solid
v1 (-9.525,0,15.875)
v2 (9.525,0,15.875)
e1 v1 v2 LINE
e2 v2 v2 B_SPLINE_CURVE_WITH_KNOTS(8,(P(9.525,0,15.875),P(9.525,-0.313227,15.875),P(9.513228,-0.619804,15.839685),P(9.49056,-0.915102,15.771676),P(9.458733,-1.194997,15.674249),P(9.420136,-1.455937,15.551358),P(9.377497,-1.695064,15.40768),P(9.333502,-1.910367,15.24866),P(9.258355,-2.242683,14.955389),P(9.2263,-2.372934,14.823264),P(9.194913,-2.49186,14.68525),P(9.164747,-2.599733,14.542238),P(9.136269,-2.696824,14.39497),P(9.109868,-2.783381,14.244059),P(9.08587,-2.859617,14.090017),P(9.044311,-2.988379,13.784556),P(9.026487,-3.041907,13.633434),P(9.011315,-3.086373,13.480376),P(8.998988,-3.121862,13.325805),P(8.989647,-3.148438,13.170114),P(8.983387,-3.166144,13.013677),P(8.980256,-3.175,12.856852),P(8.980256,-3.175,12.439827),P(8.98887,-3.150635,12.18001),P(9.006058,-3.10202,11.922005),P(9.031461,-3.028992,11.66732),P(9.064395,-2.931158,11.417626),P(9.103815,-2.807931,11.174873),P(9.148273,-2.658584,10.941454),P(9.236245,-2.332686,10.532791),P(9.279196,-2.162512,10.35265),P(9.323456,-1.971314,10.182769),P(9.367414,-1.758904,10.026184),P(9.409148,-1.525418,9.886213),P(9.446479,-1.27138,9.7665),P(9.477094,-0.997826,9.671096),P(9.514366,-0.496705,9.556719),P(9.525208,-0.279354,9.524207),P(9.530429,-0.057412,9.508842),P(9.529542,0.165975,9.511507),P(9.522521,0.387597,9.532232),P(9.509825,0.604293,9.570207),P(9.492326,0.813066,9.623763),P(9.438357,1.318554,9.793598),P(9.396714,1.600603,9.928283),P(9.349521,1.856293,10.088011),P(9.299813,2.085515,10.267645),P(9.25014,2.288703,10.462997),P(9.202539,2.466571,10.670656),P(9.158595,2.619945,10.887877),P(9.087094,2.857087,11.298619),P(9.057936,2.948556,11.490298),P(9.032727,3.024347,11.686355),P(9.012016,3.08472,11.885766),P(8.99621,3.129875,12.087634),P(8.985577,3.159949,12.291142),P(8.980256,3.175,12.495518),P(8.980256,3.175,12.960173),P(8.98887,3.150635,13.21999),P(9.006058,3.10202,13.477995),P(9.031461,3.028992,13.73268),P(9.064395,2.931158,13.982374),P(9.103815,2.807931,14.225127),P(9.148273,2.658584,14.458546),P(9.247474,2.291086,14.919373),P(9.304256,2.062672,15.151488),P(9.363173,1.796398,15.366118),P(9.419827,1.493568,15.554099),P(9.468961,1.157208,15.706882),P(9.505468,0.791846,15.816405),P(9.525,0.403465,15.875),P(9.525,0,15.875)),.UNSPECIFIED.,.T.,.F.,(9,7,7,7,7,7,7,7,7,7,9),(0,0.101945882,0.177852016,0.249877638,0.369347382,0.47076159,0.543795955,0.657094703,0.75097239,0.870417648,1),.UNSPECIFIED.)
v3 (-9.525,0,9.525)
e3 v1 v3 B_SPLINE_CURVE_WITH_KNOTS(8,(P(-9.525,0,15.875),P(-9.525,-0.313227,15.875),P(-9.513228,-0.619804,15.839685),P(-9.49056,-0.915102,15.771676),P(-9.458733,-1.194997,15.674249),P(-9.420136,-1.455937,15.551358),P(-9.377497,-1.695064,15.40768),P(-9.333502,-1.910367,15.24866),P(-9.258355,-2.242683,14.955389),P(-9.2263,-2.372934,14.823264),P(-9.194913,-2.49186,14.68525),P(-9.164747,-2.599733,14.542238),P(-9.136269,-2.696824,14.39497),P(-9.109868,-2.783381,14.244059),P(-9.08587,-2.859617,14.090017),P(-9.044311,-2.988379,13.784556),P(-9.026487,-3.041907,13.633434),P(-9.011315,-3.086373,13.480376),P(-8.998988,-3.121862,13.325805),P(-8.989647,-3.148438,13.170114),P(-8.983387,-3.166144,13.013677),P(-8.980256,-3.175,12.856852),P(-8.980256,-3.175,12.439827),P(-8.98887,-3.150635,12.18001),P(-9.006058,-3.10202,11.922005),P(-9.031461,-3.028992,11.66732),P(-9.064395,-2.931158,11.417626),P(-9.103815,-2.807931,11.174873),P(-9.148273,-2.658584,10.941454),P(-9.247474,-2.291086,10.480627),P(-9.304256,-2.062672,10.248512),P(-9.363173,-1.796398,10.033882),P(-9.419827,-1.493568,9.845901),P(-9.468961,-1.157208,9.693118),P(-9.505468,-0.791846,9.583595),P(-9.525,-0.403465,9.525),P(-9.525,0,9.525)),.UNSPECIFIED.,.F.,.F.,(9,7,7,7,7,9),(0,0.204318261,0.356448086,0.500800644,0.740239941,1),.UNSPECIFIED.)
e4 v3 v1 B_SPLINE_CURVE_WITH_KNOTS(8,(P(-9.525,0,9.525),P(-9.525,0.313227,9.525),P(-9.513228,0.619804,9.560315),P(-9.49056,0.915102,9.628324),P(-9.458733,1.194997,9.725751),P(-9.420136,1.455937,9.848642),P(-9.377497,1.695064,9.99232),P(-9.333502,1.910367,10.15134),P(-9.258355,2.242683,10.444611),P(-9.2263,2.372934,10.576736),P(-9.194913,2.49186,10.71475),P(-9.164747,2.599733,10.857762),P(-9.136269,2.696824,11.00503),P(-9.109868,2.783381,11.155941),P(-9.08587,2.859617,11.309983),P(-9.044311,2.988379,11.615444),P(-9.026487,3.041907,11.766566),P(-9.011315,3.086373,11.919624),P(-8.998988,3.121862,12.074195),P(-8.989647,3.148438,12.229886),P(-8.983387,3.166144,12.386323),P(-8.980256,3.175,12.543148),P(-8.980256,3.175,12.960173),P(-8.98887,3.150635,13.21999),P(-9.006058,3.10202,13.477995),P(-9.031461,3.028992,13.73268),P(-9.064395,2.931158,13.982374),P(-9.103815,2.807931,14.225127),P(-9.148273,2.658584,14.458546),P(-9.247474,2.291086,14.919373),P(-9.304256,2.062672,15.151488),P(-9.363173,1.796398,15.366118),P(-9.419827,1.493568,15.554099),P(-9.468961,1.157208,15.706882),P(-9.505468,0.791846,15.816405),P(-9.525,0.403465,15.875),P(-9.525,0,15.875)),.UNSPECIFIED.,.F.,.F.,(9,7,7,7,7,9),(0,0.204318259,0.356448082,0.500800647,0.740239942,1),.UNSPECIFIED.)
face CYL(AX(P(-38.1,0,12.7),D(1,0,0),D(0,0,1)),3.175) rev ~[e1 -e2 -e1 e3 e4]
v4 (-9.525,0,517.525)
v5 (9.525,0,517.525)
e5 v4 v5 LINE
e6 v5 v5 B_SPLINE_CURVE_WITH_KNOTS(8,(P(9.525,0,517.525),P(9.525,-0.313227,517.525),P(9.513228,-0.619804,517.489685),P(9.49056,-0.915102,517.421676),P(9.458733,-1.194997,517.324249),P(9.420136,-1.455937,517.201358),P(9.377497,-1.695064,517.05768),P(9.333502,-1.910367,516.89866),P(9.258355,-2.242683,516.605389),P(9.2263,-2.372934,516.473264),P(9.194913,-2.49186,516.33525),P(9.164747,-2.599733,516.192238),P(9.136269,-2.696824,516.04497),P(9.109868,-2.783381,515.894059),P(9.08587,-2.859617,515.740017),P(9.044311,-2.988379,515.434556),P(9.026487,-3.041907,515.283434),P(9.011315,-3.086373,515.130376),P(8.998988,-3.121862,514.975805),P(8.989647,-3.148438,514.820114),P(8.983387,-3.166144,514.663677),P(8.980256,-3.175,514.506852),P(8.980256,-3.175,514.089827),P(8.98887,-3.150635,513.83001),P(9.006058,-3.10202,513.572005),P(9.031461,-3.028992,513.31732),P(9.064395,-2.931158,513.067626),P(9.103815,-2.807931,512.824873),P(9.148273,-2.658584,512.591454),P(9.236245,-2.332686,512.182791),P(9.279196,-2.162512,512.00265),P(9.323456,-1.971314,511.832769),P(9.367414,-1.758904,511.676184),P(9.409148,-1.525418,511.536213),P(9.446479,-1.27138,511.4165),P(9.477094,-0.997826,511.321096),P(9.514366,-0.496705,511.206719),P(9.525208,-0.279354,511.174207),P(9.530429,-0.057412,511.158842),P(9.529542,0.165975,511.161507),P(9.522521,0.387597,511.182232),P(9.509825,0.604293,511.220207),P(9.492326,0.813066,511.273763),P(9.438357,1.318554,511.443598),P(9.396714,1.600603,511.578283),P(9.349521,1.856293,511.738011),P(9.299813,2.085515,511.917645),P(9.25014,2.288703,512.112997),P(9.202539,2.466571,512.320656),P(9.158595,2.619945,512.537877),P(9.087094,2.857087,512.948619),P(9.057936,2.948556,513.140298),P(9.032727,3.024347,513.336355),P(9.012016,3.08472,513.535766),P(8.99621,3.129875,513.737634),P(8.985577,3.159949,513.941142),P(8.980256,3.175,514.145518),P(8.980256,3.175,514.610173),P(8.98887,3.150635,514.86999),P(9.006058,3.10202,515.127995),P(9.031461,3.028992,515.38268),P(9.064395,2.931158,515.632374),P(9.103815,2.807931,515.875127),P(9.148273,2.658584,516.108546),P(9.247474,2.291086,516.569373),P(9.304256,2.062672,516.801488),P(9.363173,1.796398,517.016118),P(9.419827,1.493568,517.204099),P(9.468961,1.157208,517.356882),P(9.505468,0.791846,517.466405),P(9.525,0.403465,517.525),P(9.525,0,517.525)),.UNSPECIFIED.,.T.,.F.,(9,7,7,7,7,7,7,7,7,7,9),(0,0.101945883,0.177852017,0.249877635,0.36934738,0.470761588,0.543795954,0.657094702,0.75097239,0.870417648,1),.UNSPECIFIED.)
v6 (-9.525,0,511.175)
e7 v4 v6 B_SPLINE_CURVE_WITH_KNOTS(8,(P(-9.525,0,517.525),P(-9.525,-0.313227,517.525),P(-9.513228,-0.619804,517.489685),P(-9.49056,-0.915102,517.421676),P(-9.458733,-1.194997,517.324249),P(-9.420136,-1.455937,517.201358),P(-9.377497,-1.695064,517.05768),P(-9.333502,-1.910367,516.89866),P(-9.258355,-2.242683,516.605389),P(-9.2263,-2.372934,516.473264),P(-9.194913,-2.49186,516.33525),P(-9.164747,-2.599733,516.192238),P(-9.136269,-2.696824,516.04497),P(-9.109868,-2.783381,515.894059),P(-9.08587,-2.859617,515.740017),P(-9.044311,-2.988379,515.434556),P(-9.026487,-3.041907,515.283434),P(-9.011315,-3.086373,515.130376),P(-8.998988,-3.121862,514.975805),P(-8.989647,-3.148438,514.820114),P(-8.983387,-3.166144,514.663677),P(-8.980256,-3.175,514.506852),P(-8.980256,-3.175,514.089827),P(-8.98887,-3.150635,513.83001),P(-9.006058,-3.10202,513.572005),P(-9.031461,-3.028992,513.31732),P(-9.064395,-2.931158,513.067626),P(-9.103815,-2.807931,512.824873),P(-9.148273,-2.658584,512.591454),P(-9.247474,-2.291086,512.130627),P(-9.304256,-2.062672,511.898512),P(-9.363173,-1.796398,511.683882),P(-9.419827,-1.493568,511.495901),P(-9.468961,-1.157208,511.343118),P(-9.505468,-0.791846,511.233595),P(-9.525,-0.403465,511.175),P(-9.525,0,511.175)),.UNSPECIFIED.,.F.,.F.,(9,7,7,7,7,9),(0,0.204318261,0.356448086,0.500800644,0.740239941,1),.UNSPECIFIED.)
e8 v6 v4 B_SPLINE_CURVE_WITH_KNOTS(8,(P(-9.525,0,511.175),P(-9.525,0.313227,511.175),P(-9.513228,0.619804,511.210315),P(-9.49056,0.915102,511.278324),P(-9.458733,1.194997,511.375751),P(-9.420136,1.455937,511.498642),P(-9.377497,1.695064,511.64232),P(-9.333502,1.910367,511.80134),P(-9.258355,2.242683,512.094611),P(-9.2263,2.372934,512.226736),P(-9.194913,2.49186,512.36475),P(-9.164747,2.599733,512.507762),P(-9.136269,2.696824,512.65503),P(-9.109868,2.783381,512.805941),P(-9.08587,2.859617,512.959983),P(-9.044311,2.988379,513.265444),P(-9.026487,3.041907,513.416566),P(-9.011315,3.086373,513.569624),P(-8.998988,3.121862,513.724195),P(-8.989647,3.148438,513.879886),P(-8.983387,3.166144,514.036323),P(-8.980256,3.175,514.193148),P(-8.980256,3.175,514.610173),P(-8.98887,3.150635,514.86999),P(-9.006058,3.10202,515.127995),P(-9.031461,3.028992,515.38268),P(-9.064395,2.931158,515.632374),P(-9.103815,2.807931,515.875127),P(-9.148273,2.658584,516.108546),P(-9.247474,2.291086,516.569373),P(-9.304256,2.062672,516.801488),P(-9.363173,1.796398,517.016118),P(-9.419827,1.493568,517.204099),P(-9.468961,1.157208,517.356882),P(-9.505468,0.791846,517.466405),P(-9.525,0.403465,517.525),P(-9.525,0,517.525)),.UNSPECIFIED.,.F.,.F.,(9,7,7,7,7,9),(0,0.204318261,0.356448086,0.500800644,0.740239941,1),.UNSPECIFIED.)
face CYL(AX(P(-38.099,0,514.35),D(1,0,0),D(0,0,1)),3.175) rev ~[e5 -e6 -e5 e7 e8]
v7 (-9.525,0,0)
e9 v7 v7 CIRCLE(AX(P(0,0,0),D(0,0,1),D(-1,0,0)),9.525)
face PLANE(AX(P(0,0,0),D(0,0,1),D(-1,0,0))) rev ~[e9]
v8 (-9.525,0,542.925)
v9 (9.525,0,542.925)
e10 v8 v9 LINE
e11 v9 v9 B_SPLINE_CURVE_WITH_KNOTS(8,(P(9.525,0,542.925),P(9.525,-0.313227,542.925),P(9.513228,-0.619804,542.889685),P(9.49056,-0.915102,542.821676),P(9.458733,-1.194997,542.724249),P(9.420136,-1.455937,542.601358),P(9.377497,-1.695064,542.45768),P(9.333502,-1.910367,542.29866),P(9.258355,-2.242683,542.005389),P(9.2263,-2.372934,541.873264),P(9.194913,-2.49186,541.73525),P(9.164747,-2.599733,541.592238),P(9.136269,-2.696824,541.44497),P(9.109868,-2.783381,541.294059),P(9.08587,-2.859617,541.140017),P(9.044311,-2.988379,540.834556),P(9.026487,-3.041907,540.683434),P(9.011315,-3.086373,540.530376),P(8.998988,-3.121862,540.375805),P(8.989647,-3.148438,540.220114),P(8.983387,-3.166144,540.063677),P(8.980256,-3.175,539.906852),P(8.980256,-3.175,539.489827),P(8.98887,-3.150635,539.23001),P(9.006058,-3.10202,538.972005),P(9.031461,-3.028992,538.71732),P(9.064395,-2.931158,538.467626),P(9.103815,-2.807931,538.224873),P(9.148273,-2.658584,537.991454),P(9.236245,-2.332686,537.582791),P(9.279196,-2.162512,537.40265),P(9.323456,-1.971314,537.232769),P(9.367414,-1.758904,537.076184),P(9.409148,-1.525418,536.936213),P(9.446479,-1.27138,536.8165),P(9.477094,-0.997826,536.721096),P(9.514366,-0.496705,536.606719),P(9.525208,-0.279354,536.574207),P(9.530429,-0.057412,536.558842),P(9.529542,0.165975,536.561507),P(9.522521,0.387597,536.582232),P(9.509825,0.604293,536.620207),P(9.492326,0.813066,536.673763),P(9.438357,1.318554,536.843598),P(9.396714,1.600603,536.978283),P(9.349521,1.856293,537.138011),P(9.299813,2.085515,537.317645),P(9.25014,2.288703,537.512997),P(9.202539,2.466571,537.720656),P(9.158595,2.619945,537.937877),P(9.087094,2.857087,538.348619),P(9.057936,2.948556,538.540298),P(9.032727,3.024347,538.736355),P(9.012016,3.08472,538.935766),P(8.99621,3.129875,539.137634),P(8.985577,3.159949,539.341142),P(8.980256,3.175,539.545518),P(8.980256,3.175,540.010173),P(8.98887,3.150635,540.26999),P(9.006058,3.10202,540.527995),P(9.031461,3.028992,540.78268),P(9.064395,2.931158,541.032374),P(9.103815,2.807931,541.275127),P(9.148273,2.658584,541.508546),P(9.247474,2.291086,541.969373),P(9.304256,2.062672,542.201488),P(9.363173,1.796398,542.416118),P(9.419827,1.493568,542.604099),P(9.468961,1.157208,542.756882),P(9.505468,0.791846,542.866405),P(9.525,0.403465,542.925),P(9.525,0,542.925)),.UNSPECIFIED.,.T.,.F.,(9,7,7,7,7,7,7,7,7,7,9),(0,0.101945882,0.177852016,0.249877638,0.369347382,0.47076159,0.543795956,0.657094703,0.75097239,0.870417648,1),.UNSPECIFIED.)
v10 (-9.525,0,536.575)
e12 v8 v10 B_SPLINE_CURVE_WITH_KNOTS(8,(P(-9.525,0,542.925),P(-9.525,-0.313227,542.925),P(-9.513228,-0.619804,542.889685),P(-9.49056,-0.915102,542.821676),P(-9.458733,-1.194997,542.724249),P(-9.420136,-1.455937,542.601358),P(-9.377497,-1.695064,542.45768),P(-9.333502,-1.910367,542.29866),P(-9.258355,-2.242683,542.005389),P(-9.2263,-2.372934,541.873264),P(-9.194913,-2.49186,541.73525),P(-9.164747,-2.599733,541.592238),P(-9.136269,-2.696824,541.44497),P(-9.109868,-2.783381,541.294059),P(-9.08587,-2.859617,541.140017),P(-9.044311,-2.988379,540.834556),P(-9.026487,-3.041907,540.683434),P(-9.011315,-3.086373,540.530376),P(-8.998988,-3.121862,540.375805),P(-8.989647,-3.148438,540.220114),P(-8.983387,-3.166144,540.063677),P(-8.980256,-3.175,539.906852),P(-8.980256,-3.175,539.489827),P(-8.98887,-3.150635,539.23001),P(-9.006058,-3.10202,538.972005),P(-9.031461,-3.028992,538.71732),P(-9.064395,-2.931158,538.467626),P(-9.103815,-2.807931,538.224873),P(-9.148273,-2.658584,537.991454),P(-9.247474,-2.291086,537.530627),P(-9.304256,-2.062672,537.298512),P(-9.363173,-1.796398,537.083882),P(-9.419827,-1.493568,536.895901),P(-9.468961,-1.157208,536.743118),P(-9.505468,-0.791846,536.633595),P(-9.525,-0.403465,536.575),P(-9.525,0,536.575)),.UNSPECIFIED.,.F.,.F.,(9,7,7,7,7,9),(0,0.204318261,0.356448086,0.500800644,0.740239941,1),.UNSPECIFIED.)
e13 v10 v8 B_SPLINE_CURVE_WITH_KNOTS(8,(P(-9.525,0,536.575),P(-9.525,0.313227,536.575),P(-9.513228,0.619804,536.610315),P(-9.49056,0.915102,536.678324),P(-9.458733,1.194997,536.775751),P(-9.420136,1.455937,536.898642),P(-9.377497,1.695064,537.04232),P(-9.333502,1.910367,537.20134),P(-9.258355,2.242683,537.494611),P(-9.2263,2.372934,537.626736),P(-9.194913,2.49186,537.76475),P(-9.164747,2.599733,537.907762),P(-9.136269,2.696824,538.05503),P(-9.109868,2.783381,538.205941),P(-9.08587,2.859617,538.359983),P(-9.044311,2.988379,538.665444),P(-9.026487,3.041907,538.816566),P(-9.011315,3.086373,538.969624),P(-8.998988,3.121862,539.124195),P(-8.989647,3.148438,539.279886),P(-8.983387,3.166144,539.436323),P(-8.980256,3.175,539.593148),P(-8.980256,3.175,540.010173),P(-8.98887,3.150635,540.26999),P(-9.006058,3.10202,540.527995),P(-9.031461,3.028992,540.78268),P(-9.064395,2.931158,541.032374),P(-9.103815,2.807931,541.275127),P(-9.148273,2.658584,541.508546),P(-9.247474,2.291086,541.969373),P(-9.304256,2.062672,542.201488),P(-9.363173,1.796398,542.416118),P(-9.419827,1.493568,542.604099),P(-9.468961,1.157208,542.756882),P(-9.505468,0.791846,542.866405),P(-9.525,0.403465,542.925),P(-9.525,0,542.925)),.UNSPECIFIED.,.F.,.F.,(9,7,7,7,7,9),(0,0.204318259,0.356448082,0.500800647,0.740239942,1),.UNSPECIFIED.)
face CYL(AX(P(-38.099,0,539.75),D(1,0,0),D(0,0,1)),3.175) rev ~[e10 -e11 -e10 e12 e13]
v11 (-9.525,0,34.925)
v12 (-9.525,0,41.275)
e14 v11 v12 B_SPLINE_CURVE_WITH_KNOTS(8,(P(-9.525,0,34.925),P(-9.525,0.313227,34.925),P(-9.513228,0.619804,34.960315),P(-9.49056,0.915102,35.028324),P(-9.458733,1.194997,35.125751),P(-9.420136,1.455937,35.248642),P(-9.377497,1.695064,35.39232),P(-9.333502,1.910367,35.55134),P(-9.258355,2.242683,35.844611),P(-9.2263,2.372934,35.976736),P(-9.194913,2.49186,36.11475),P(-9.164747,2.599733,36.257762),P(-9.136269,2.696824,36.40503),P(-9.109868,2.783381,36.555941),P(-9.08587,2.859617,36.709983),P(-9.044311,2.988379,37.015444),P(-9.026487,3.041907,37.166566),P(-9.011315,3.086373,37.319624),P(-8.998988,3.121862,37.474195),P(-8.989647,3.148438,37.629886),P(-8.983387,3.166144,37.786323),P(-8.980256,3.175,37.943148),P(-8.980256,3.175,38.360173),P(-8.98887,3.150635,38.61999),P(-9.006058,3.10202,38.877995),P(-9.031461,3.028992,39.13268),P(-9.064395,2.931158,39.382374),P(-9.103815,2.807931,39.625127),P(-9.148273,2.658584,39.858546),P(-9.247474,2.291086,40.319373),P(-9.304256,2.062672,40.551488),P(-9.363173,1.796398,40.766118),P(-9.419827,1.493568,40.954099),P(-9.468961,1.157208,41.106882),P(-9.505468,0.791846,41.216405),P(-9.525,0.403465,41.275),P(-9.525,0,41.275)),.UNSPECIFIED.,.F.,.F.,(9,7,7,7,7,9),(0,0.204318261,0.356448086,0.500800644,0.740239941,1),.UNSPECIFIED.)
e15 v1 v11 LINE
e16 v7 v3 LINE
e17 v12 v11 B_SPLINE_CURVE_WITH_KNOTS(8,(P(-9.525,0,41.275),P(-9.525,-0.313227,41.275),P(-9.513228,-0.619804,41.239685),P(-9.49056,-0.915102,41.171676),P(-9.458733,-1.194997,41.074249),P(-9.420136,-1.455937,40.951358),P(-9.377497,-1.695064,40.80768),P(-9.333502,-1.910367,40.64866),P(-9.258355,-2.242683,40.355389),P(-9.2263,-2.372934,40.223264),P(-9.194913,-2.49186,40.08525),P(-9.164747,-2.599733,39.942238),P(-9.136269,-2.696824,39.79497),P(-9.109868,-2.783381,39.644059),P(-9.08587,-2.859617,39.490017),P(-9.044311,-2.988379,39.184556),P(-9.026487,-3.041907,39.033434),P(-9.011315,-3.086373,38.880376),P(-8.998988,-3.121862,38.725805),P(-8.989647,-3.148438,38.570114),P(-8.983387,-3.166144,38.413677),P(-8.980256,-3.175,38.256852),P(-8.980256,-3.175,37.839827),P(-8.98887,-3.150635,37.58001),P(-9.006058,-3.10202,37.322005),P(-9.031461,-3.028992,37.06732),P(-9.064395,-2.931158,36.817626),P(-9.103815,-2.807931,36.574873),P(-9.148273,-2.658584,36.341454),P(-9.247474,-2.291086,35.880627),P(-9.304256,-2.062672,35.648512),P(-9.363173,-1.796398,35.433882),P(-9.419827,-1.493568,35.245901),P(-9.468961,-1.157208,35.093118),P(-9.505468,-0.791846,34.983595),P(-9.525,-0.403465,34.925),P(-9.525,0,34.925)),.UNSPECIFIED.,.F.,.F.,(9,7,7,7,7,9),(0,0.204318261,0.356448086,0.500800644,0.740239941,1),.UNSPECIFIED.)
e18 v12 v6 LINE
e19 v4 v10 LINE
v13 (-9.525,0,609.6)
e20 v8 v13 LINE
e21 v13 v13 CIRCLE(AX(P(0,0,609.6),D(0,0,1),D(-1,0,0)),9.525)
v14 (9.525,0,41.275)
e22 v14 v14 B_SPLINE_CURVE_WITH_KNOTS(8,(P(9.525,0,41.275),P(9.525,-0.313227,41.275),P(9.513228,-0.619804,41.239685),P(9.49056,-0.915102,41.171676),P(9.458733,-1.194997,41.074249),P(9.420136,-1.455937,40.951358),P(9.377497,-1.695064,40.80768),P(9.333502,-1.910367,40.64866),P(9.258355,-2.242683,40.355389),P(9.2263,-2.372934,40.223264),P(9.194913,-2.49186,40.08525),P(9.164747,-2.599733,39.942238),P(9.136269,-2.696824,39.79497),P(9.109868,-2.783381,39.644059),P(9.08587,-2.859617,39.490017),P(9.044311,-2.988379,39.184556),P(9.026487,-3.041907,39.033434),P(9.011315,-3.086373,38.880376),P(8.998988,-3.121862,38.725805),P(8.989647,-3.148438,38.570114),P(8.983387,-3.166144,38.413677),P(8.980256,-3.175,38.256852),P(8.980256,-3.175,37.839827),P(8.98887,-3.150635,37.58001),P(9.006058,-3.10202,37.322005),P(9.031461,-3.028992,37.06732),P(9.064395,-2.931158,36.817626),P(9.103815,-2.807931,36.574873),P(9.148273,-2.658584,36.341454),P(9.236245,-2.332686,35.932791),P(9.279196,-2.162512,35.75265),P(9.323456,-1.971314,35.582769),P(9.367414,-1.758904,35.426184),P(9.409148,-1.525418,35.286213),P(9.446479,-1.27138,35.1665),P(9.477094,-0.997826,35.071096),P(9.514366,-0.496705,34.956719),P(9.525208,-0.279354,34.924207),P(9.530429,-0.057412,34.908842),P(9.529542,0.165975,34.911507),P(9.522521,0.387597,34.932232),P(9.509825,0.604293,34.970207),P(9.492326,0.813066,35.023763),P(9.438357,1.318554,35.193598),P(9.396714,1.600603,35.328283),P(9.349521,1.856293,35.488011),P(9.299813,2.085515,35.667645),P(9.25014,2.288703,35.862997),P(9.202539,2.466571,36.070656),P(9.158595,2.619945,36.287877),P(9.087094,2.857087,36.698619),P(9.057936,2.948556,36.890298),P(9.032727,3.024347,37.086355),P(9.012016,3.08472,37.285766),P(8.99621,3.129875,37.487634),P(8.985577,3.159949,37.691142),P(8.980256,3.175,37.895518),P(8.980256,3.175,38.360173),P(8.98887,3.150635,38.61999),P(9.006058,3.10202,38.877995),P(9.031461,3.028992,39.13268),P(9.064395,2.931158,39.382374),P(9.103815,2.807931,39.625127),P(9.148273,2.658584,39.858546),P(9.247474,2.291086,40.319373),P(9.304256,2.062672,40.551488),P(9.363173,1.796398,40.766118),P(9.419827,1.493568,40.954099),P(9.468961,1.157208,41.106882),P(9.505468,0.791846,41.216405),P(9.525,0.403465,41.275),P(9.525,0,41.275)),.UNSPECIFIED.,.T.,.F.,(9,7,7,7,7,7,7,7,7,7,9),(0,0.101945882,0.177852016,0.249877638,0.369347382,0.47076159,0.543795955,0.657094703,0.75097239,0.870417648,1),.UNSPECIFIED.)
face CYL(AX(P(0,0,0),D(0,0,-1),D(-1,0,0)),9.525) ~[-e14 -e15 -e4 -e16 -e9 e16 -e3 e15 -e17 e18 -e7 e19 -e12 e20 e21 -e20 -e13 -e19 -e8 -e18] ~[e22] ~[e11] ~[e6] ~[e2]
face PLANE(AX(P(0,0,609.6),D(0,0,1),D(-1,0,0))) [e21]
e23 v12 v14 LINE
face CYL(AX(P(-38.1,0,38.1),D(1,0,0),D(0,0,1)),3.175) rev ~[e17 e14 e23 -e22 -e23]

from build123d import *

# Parameters (mm, degrees)
SKETCH1_R                       = 9.525
BOSS_EXTRUDE1_DEPTH             = 609.6
F_1_4_0_25_DIAMETER_HOLE1_D     = 6.35
F_1_4_0_25_DIAMETER_HOLE1_DEPTH = 25.399
F_1_4_0_25_DIAMETER_HOLE1_TIP   = 1.907732465
F_1_4_0_25_DIAMETER_HOLE2_D     = 6.35
F_1_4_0_25_DIAMETER_HOLE2_DEPTH = 25.4
F_1_4_0_25_DIAMETER_HOLE2_TIP   = 1.907732465


with BuildPart() as part:
    # Sketch1 → Boss-Extrude1 (new body)
    with BuildSketch(Plane.XY):
        with Locations(Location((0, 0, 0), (0, 0, 180))):
            Circle(SKETCH1_R)
    extrude(amount=BOSS_EXTRUDE1_DEPTH)

    # 1/4 (0.25) Diameter Hole1
    with Locations(Plane(origin=(-12.7, 0, 514.35), x_dir=(0, 0, -1), z_dir=(-1, 0, 0))):
        with Locations((0, 0), (-25.4, 0)):
            Hole(F_1_4_0_25_DIAMETER_HOLE1_D / 2, depth=F_1_4_0_25_DIAMETER_HOLE1_DEPTH)
            with Locations((0, 0, -(F_1_4_0_25_DIAMETER_HOLE1_DEPTH + F_1_4_0_25_DIAMETER_HOLE1_TIP / 2))):  # 118° drill point
                Cone(0, F_1_4_0_25_DIAMETER_HOLE1_D / 2, F_1_4_0_25_DIAMETER_HOLE1_TIP, mode=Mode.SUBTRACT)

    # 1/4 (0.25) Diameter Hole2
    with Locations(Plane(origin=(-12.7, 0, 38.1), x_dir=(0, 0, -1), z_dir=(-1, 0, 0))):
        with Locations((0, 0), (25.4, 0)):
            Hole(F_1_4_0_25_DIAMETER_HOLE2_D / 2, depth=F_1_4_0_25_DIAMETER_HOLE2_DEPTH)
            with Locations((0, 0, -(F_1_4_0_25_DIAMETER_HOLE2_DEPTH + F_1_4_0_25_DIAMETER_HOLE2_TIP / 2))):  # 118° drill point
                Cone(0, F_1_4_0_25_DIAMETER_HOLE2_D / 2, F_1_4_0_25_DIAMETER_HOLE2_TIP, mode=Mode.SUBTRACT)


solid = part.part
